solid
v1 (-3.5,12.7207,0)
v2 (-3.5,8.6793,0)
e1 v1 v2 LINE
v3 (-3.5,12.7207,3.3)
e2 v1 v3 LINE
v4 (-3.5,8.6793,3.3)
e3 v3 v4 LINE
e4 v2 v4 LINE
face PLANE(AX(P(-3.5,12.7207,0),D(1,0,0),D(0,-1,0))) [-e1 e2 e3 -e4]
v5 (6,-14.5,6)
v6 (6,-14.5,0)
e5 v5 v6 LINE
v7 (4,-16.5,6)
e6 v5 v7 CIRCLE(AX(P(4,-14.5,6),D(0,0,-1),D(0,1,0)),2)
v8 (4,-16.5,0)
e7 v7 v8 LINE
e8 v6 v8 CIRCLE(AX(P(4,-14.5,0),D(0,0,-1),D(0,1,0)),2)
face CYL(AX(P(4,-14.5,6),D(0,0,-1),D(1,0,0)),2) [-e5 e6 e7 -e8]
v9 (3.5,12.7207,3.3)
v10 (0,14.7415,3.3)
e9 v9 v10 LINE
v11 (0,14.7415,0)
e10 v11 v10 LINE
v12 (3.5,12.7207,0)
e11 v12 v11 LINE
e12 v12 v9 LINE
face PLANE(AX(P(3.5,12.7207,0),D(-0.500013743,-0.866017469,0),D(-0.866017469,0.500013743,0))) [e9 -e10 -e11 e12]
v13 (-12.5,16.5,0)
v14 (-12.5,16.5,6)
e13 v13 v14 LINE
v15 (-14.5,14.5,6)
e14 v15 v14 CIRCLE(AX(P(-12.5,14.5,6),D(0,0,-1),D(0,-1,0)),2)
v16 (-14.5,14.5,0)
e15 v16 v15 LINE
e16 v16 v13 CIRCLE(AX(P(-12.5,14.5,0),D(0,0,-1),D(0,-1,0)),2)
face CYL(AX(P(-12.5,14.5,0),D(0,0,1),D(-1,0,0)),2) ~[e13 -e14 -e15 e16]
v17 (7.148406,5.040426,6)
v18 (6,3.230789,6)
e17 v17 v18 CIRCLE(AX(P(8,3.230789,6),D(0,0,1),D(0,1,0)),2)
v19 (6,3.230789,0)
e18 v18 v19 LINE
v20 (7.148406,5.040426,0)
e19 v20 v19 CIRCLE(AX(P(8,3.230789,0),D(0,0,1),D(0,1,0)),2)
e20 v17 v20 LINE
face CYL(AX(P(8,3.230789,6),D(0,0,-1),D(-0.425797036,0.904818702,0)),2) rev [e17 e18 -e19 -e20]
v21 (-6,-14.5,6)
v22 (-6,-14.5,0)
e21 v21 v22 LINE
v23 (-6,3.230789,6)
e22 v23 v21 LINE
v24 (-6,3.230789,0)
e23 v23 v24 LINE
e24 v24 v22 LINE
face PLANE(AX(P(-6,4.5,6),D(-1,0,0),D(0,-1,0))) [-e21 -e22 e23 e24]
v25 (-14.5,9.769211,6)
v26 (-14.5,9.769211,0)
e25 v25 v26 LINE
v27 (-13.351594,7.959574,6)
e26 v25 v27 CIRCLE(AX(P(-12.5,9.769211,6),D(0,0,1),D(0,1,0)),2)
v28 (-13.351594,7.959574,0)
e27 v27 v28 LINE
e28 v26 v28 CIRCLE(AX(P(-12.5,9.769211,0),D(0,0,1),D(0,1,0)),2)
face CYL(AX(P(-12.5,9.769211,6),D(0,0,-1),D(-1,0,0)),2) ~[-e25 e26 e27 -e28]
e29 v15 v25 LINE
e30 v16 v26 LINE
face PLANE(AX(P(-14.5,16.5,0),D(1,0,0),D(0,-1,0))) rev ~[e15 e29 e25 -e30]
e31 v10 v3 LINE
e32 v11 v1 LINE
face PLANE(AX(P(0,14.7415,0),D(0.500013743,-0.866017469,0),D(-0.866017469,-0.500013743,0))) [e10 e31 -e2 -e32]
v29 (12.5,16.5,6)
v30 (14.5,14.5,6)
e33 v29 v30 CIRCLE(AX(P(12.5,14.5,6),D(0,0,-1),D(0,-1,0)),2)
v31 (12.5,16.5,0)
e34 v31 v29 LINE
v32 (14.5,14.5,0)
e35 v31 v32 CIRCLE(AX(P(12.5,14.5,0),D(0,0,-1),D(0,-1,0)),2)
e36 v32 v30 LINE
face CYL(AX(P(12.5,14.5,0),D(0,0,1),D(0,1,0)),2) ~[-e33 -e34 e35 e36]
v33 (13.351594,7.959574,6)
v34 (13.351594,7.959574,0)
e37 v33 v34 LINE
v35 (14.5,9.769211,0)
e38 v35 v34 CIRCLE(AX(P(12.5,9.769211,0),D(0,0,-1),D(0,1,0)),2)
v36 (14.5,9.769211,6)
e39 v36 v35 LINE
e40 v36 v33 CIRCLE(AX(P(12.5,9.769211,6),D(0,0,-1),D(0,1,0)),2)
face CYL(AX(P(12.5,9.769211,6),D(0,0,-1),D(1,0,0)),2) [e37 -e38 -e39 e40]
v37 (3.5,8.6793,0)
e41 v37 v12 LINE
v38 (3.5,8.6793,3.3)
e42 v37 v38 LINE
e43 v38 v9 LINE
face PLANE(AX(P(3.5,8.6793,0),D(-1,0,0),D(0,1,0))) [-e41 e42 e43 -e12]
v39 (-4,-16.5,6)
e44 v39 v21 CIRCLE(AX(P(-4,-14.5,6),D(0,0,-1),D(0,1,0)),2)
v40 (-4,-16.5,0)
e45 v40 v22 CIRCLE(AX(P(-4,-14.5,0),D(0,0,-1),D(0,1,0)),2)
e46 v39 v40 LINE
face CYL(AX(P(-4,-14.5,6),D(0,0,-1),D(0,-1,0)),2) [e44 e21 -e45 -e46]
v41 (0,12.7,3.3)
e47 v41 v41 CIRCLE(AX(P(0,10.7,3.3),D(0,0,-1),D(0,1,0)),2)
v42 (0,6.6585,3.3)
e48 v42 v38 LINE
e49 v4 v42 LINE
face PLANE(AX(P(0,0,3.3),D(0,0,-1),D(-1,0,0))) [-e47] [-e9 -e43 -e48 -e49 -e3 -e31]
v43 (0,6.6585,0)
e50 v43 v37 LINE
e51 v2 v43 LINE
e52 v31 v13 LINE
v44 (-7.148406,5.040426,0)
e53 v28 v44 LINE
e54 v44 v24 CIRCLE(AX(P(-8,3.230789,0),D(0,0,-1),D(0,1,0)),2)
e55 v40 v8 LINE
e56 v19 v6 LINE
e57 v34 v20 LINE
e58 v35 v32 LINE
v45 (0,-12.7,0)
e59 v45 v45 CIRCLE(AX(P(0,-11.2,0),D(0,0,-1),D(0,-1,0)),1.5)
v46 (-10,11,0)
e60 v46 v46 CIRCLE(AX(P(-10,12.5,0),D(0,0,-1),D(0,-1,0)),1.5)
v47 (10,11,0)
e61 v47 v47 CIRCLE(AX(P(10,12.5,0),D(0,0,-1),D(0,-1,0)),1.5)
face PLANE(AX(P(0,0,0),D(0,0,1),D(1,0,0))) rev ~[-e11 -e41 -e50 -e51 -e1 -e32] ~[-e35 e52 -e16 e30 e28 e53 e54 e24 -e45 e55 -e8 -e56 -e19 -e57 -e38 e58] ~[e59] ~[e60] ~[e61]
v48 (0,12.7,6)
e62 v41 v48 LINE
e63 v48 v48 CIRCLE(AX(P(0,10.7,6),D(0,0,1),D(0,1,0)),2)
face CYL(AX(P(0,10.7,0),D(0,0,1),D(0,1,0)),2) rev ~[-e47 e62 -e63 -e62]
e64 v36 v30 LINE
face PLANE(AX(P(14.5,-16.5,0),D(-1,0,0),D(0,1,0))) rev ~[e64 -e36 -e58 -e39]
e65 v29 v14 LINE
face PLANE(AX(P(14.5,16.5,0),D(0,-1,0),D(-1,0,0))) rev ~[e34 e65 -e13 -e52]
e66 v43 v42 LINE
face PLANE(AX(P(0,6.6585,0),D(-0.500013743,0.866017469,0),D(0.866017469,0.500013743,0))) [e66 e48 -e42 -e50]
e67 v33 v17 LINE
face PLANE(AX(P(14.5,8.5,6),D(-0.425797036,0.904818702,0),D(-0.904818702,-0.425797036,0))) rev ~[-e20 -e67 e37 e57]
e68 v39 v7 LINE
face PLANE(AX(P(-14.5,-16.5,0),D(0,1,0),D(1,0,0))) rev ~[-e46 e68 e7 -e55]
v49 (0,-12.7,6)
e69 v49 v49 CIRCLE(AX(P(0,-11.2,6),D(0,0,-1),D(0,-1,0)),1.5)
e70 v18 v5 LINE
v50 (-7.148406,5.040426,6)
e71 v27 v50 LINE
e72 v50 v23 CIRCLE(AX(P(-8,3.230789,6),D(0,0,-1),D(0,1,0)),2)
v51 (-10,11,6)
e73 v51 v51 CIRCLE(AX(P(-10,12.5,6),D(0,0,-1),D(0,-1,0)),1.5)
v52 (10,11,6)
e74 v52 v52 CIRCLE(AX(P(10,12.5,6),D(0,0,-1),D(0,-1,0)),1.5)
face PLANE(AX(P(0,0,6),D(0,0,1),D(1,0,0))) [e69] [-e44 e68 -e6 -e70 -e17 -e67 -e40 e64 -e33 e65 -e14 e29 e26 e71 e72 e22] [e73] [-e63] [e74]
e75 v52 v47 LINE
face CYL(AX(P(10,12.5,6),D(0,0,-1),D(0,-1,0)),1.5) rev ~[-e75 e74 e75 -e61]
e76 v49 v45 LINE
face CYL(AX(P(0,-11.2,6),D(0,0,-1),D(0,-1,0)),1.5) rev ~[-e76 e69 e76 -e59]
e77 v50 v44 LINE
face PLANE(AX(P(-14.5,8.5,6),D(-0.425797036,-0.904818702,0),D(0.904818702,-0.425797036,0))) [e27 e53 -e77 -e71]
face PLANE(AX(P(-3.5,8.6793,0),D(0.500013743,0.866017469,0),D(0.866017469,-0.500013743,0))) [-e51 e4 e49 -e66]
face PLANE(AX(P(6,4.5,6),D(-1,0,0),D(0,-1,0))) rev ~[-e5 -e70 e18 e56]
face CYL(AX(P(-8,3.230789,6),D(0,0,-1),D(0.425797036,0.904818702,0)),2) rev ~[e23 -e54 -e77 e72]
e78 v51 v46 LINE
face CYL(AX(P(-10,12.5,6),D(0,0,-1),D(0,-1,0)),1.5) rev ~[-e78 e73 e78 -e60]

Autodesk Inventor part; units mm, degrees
ref_plane "YZ Plane" through (0, 0, 0) normal (1, 0, 0) x (0, 1, 0)
ref_plane "XZ Plane" through (0, 0, 0) normal (0, 1, 0) x (-1, 0, 0)
ref_plane "XY Plane" through (0, 0, 0) normal (0, 0, 1) x (1, 0, 0)
sketch "Skizze1" plane through (0, 0, 0) normal (0, 0, 1) x (1, 0, 0)
  line L0 (-14.5, -16.5) -> (14.5, -16.5)
  line L1 (14.5, -16.5) -> (14.5, 16.5)
  line L2 (14.5, 16.5) -> (-14.5, 16.5)
  line L3 (-14.5, 16.5) -> (-14.5, -16.5)
  point P0 (0, 0)
  point P1 (-14.5, 0)
  point P2 (0, -16.5)
  dimension "d0" = 29
  dimension "d1" = 33
extrude "Extrusion1" add sketch "Skizze1" along normal blind 6
hole "Hole1" at (-10, 12.5, 6) direction (0, 0, -1) diameter 3 end through all
pattern_linear "Rechteckige Anordnung1" count 2 spacing 20 along (1, 0, 0) of "Hole1"
sketch "Skizze2" plane through (0, 0, 6) normal (0, 0, 1) x (1, 0, 0)
  circle A0 centre (-10, 12.5) radius 3 projected
  line L0 (14.5, -16.5) -> (-14.5, -16.5) projected
  line L1 (-14.5, 16.5) -> (14.5, 16.5) projected
  line L2 (0, 16.5) -> (0, -16.5)
  circle A1 centre (10, 12.5) radius 1.5 projected
  point P0 (0, 0)
  point P1 (0, -11.2)
  dimension "d42" = 23.7
hole "Hole2" at (0, -11.2, 6) at (-10, 12.5, 6) direction (0, 0, -1) diameter 3 end through all
sketch "Skizze3" plane through (0, 0, 0) normal (0, 0, -1) x (-1, 0, 0)
  line L0 (14.5, -16.5) -> (-14.5, -16.5) projected
  line L1 (-14.5, 16.5) -> (14.5, 16.5) projected
  line L2 (0, -16.5) -> (0, 16.5)
  point P0 (0, 0)
  point P1 (0, 10.7)
  dimension "d24" = 5.8
hole "Hole3" at (0, 10.7, 0) direction (0, 0, 1) diameter 4 end through all
sketch "Skizze4" plane through (0, 0, 0) normal (0, 0, -1) x (-1, 0, 0)
  circle A0 centre (0, 10.7) radius 2 projected
  line L0 (0, 6.6585) -> (-3.5, 8.6793)
  line L1 (-3.5, 8.6793) -> (-3.5, 12.7207)
  line L2 (-3.5, 12.7207) -> (0, 14.7415)
  line L3 (0, 14.7415) -> (3.5, 12.7207)
  line L4 (3.5, 12.7207) -> (3.5, 8.6793)
  line L5 (3.5, 8.6793) -> (0, 6.6585)
  point P0 (0, 0)
  dimension "d32" = 7
extrude "Extrusion2" cut sketch "Skizze4" against normal blind 3.3
sketch "Skizze5" plane through (0, 0, 6) normal (0, 0, 1) x (1, 0, 0)
  line L0 (-14.5, -16.5) -> (-14.5, 16.5) projected
  line L1 (14.5, -16.5) -> (-14.5, -16.5) projected
  line L2 (-14.5, 16.5) -> (14.5, 16.5) projected
  line L3 (-14.5, 8.5) -> (-6, 4.5)
  line L4 (-6, 4.5) -> (-6, -16.5)
  line L5 (0, 16.5) -> (0, -16.5)
  line L6 (14.5, -16.5) -> (14.5, 16.5)
  line L7 (-14.5, -16.5) -> (14.5, -16.5)
  line L8 (14.5, 8.5) -> (6, 4.5)
  line L9 (6, 4.5) -> (6, -16.5)
  point P0 (0, 0)
  dimension "d36" = 12
  dimension "d37" = 8
  dimension "d38" = 6
extrude "Extrusion3" cut sketch "Skizze5" against normal blind 6 contours L0 L3 L4 L1 | L9 L8 L6 L1
fillet "Rundung1" radius 2 8 edges at (6, 4.5, 3) (6, -16.5, 3) (-6, -16.5, 3) (-6, 4.5, 3) (-14.5, 8.5, 3) (-14.5, 16.5, 3) (14.5, 16.5, 3) (14.5, 8.5, 3)
properties part number "adapterplatte"
